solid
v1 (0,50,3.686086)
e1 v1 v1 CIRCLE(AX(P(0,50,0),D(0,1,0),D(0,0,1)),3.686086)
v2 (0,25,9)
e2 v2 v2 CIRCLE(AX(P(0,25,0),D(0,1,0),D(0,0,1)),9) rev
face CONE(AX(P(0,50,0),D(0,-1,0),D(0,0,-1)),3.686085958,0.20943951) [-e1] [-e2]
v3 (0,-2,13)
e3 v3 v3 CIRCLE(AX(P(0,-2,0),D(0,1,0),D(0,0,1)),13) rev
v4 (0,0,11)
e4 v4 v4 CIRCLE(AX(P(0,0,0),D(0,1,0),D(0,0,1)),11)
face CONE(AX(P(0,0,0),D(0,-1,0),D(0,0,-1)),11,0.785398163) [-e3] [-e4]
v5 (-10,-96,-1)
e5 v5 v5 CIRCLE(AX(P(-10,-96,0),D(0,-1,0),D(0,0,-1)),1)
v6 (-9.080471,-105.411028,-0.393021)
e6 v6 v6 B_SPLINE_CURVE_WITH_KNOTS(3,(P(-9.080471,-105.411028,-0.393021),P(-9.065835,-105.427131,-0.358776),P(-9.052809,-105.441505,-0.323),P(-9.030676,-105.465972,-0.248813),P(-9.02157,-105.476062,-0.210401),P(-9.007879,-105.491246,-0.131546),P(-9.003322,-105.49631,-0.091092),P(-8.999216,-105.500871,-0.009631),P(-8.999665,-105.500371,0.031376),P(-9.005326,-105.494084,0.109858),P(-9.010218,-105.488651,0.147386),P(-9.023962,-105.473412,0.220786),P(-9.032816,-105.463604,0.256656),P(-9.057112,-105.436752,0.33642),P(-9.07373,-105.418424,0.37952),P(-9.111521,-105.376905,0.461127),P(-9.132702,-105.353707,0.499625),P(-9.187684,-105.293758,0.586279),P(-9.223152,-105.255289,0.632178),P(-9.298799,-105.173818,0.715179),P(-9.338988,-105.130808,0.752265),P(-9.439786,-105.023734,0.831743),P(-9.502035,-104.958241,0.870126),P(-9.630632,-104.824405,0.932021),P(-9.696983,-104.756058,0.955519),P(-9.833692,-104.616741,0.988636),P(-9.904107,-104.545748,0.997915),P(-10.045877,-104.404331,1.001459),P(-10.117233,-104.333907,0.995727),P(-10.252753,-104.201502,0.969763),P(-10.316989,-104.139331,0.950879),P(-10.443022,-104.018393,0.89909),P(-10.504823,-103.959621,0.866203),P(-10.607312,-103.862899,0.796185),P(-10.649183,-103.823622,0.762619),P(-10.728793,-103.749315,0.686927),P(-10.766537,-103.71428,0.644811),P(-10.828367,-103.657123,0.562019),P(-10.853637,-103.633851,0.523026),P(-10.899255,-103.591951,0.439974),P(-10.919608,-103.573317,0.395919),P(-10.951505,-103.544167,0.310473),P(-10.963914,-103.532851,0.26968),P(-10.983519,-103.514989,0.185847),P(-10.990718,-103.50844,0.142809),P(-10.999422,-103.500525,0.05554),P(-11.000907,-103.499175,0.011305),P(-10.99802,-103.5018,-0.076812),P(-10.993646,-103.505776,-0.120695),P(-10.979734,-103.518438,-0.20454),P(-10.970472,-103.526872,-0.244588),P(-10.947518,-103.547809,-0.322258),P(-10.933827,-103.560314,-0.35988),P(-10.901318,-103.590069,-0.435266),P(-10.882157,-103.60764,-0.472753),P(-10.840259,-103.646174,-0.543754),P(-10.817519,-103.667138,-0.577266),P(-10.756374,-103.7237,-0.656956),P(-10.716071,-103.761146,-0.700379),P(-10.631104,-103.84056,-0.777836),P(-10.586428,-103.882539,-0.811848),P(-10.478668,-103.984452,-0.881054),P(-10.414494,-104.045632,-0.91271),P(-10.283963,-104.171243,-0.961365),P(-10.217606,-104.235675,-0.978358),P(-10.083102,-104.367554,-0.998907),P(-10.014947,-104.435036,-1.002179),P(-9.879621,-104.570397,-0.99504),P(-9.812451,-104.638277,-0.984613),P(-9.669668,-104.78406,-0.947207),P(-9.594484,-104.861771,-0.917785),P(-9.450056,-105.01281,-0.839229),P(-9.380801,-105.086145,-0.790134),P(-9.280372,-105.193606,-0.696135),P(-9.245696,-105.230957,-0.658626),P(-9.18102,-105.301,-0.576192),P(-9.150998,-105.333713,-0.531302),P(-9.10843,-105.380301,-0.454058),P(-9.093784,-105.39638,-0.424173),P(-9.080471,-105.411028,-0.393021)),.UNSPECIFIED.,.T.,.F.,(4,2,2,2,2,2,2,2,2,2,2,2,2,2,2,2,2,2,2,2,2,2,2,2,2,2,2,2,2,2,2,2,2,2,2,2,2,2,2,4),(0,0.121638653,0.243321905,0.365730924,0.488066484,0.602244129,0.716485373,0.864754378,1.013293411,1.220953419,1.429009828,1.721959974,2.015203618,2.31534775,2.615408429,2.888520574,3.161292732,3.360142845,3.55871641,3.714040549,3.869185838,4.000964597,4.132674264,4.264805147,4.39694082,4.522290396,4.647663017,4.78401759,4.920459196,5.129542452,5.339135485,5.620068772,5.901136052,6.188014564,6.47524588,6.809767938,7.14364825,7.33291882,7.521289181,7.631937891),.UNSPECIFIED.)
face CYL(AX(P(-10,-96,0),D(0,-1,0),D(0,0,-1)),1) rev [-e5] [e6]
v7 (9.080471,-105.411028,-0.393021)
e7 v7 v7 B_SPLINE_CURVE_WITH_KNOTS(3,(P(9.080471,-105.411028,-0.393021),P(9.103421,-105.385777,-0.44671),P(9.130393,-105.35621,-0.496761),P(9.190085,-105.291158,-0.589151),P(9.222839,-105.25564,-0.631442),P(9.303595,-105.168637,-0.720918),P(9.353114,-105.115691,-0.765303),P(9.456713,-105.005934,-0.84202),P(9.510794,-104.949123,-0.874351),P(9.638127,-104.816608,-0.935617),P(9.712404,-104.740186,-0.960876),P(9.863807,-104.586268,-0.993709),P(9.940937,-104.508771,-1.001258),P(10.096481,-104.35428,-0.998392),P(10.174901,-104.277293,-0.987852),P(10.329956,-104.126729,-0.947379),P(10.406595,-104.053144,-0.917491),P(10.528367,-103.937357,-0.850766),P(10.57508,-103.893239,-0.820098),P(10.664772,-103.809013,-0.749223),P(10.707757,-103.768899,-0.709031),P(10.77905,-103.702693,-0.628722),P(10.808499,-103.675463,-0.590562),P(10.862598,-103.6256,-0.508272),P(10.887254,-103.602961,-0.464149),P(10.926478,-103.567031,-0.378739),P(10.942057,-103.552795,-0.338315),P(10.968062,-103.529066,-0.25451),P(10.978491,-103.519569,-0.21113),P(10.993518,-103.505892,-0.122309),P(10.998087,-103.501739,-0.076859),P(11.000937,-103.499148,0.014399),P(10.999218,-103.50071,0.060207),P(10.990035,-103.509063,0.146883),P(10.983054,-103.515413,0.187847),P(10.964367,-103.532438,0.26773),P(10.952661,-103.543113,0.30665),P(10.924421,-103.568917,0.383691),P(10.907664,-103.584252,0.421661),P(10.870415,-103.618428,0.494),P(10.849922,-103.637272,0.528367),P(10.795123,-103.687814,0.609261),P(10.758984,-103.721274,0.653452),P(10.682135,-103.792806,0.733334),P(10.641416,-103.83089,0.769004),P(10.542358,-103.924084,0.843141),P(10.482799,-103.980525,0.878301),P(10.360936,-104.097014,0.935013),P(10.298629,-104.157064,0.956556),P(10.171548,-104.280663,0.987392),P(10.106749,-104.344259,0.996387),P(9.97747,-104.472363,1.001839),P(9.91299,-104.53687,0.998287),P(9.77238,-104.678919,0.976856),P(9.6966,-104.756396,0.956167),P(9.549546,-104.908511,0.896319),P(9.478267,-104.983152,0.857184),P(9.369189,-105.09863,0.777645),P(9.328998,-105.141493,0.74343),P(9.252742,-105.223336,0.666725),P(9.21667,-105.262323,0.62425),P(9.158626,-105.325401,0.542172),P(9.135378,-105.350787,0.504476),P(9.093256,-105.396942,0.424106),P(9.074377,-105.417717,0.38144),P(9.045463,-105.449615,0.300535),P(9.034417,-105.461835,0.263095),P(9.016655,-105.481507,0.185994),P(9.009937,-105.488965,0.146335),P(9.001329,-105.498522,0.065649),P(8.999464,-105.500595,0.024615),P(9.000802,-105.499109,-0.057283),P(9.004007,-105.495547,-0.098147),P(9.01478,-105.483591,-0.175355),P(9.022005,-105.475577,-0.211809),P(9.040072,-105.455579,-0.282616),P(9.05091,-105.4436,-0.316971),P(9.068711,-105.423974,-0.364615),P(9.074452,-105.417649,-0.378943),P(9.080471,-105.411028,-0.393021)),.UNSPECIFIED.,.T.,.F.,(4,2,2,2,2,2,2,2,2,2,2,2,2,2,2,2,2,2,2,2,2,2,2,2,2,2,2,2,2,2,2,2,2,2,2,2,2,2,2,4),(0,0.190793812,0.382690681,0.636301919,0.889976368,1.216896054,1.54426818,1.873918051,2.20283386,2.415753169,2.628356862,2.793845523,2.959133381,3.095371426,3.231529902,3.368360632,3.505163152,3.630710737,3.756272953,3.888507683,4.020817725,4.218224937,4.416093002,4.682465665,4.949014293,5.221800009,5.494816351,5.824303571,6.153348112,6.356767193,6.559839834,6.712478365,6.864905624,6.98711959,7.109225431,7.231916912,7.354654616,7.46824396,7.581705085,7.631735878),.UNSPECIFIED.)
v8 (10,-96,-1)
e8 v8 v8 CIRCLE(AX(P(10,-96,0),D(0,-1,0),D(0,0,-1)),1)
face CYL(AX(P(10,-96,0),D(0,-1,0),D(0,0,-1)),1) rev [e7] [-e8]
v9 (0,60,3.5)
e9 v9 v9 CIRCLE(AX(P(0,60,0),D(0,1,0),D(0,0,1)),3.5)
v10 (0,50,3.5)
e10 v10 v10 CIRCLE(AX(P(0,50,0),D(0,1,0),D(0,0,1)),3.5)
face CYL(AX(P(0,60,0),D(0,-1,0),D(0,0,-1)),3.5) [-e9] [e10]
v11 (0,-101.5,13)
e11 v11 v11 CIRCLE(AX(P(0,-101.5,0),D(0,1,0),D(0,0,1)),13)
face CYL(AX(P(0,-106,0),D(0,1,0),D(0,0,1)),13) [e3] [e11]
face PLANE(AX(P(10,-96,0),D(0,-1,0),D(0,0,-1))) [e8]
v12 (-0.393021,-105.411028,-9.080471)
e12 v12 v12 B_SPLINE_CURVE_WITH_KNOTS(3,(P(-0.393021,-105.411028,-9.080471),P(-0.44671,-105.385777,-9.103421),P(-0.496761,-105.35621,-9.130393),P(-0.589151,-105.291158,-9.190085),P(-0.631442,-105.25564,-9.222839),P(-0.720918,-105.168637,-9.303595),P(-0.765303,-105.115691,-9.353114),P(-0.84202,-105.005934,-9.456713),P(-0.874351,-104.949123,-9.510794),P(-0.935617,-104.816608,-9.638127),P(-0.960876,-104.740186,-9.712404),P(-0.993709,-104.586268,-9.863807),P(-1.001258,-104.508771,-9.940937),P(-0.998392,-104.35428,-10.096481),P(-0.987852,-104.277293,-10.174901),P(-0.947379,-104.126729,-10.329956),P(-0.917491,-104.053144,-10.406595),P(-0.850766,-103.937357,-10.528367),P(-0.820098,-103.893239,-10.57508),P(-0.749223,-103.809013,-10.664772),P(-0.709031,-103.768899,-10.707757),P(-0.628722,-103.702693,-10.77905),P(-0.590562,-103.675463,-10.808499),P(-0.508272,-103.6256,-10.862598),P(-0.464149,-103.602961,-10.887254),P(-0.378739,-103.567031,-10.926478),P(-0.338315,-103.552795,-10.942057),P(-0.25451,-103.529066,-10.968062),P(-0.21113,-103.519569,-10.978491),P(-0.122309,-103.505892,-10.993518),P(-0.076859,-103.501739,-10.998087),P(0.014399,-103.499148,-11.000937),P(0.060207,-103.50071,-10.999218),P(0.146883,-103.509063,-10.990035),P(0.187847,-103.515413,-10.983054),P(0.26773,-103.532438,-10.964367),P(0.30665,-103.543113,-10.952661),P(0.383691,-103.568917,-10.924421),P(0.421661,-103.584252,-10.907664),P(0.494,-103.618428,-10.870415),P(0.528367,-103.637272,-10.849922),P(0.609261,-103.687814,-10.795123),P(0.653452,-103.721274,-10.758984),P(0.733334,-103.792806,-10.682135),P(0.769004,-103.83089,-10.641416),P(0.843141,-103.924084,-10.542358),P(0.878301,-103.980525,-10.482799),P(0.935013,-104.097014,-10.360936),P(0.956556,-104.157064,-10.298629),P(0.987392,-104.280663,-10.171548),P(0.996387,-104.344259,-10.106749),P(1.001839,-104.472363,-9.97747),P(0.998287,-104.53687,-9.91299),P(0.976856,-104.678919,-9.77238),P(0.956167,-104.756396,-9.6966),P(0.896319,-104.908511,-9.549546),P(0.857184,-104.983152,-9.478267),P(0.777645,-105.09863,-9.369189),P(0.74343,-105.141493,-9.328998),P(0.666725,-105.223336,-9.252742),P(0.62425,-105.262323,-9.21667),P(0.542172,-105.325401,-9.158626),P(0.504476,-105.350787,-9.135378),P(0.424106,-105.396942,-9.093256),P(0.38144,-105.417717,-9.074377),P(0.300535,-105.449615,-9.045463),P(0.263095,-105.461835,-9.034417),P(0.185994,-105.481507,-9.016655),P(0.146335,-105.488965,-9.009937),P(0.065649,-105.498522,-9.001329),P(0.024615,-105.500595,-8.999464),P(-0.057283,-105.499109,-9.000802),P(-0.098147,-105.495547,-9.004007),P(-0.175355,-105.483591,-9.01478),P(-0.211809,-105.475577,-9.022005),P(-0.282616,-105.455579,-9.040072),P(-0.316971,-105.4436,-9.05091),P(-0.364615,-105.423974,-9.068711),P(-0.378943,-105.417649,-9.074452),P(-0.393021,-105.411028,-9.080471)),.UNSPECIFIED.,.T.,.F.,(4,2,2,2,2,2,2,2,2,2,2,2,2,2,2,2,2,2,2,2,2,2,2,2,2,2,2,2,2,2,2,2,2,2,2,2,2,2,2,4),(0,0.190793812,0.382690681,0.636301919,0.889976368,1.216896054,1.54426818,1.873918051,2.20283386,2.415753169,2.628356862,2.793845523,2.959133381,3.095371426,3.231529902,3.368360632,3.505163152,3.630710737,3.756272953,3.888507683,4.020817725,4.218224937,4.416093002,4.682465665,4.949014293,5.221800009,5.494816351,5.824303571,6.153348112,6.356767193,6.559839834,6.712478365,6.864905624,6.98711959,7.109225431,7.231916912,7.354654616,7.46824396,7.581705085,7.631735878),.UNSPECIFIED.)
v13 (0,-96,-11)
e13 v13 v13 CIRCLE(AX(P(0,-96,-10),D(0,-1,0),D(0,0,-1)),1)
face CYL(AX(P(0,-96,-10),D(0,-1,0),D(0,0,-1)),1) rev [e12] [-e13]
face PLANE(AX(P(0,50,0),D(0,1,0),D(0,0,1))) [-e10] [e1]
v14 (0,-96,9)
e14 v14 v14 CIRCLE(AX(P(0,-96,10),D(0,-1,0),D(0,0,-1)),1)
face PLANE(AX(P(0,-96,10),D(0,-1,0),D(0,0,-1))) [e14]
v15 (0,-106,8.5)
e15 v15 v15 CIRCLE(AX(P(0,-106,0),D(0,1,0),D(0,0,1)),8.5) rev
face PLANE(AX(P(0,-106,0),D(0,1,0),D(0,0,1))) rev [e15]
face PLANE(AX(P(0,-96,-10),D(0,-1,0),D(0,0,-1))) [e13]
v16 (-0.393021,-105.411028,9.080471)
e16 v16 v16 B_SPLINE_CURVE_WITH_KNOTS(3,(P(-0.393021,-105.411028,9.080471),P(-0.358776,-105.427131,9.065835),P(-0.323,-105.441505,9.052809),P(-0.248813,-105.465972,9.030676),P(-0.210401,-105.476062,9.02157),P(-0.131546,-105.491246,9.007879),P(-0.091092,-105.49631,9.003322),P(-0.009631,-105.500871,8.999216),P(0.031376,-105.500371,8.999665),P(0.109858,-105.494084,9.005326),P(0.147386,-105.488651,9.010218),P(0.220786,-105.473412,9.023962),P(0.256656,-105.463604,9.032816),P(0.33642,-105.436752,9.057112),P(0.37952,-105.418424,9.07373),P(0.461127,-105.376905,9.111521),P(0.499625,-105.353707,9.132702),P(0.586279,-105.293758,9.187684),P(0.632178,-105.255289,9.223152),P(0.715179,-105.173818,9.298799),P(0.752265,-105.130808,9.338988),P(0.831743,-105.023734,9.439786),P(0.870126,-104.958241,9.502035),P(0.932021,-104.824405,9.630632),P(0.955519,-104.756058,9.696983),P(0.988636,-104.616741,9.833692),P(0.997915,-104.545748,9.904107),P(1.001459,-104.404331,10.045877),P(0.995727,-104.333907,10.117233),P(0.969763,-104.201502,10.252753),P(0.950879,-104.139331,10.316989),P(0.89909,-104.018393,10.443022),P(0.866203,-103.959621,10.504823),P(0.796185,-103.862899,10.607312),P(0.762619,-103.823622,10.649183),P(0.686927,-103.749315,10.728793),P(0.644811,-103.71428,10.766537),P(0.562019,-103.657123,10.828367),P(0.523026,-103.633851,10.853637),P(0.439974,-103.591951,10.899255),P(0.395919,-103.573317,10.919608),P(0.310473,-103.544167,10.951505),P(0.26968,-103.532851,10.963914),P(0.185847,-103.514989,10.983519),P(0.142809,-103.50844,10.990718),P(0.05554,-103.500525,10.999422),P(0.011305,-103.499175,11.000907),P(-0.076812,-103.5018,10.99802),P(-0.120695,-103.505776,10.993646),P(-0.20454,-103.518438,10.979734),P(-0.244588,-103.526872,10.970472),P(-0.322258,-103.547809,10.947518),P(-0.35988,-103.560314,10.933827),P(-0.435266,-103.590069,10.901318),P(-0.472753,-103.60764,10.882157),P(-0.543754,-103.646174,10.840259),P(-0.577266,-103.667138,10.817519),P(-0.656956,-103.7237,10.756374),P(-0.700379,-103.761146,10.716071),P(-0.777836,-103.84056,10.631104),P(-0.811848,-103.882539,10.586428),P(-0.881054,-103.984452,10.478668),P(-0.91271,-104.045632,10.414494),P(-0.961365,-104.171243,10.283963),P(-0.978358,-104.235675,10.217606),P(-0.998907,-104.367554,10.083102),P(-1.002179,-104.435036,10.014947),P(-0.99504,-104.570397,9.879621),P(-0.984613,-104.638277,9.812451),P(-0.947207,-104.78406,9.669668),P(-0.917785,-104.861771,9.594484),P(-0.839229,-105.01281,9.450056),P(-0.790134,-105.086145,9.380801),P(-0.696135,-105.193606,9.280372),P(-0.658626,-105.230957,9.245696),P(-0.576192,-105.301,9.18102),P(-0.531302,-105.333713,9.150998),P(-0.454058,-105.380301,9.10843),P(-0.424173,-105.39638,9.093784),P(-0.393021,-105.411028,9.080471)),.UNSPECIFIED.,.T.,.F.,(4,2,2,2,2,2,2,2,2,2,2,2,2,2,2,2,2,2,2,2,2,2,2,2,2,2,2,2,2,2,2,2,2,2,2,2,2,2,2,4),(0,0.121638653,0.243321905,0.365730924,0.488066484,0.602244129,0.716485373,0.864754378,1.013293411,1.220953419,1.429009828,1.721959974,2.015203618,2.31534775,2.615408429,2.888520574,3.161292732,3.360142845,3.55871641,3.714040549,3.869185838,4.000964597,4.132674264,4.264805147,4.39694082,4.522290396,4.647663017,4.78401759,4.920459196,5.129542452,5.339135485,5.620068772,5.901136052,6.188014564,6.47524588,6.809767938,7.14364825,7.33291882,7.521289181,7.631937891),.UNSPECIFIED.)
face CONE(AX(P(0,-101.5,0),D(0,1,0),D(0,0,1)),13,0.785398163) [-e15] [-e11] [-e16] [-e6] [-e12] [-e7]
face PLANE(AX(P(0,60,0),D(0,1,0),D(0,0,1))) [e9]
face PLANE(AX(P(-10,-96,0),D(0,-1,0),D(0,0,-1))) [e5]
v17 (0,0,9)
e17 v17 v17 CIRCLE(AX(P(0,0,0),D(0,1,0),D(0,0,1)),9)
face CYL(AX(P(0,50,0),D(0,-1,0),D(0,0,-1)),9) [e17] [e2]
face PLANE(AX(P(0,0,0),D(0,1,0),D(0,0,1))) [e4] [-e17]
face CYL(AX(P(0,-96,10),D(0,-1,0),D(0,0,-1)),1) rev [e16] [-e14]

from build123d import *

# Parameters (mm, degrees)
SKETCH1_R           = 9
BOSS_EXTRUDE1_DEPTH = 50
SKETCH1_3_R         = 13
BOSS_EXTRUDE2_DEPTH = 106
SKETCH2_R           = 3.5
BOSS_EXTRUDE3_DEPTH = 10
CHAMFER1_SIZE       = 4.5
CHAMFER2_SIZE       = 25
CHAMFER2_SIZE2      = 5.313914042
SKETCH3_R           = 1
CUT_EXTRUDE1_DEPTH  = 10
CHAMFER3_SIZE       = 2


with BuildPart() as part:
    # Sketch1 → Boss-Extrude1 (new body)
    with BuildSketch(Plane(origin=(0, 0, 0), x_dir=(1, 0, 0), z_dir=(0, 1, 0))):
        Circle(SKETCH1_R)
    extrude(amount=BOSS_EXTRUDE1_DEPTH)

    # Sketch1<3> → Boss-Extrude2 (add)
    with BuildSketch(Plane(origin=(0, 0, 0), x_dir=(1, 0, 0), z_dir=(0, 1, 0))):
        Circle(SKETCH1_3_R)
    extrude(amount=-BOSS_EXTRUDE2_DEPTH)

    # Sketch2 → Boss-Extrude3 (add)
    with BuildSketch(Plane(origin=(0, 50, 0), x_dir=(1, 0, 0), z_dir=(0, 1, 0))):
        Circle(SKETCH2_R)
    extrude(amount=BOSS_EXTRUDE3_DEPTH)

    # Chamfer1
    chamfer1_edges = [part.edges().sort_by_distance(p)[0] for p in [
        (-13, -106, 0),
    ]]
    chamfer(chamfer1_edges, length=CHAMFER1_SIZE)

    # Chamfer2
    chamfer2_edges = [part.edges().sort_by_distance(p)[0] for p in [
        (-9, 50, 0),
    ]]
    chamfer2_side = [part.faces().sort_by_distance(p)[0] for p in [
        (-9, 25, 0),
    ]]
    chamfer(chamfer2_edges, length=CHAMFER2_SIZE, length2=CHAMFER2_SIZE2, reference=chamfer2_side[0])

    # Sketch3 → Cut-Extrude1 (cut)
    with BuildSketch(Plane.XZ.offset(106)):
        with Locations((0, 10)):
            Circle(SKETCH3_R)
        with Locations((10, 0)):
            Circle(SKETCH3_R)
        with Locations((0, -10)):
            Circle(SKETCH3_R)
        with Locations((-10, 0)):
            Circle(SKETCH3_R)
    extrude(amount=-CUT_EXTRUDE1_DEPTH, mode=Mode.SUBTRACT)

    # Chamfer3
    chamfer3_edges = [part.edges().sort_by_distance(p)[0] for p in [
        (-13, 0, 0),
    ]]
    chamfer(chamfer3_edges, length=CHAMFER3_SIZE)


solid = part.part
